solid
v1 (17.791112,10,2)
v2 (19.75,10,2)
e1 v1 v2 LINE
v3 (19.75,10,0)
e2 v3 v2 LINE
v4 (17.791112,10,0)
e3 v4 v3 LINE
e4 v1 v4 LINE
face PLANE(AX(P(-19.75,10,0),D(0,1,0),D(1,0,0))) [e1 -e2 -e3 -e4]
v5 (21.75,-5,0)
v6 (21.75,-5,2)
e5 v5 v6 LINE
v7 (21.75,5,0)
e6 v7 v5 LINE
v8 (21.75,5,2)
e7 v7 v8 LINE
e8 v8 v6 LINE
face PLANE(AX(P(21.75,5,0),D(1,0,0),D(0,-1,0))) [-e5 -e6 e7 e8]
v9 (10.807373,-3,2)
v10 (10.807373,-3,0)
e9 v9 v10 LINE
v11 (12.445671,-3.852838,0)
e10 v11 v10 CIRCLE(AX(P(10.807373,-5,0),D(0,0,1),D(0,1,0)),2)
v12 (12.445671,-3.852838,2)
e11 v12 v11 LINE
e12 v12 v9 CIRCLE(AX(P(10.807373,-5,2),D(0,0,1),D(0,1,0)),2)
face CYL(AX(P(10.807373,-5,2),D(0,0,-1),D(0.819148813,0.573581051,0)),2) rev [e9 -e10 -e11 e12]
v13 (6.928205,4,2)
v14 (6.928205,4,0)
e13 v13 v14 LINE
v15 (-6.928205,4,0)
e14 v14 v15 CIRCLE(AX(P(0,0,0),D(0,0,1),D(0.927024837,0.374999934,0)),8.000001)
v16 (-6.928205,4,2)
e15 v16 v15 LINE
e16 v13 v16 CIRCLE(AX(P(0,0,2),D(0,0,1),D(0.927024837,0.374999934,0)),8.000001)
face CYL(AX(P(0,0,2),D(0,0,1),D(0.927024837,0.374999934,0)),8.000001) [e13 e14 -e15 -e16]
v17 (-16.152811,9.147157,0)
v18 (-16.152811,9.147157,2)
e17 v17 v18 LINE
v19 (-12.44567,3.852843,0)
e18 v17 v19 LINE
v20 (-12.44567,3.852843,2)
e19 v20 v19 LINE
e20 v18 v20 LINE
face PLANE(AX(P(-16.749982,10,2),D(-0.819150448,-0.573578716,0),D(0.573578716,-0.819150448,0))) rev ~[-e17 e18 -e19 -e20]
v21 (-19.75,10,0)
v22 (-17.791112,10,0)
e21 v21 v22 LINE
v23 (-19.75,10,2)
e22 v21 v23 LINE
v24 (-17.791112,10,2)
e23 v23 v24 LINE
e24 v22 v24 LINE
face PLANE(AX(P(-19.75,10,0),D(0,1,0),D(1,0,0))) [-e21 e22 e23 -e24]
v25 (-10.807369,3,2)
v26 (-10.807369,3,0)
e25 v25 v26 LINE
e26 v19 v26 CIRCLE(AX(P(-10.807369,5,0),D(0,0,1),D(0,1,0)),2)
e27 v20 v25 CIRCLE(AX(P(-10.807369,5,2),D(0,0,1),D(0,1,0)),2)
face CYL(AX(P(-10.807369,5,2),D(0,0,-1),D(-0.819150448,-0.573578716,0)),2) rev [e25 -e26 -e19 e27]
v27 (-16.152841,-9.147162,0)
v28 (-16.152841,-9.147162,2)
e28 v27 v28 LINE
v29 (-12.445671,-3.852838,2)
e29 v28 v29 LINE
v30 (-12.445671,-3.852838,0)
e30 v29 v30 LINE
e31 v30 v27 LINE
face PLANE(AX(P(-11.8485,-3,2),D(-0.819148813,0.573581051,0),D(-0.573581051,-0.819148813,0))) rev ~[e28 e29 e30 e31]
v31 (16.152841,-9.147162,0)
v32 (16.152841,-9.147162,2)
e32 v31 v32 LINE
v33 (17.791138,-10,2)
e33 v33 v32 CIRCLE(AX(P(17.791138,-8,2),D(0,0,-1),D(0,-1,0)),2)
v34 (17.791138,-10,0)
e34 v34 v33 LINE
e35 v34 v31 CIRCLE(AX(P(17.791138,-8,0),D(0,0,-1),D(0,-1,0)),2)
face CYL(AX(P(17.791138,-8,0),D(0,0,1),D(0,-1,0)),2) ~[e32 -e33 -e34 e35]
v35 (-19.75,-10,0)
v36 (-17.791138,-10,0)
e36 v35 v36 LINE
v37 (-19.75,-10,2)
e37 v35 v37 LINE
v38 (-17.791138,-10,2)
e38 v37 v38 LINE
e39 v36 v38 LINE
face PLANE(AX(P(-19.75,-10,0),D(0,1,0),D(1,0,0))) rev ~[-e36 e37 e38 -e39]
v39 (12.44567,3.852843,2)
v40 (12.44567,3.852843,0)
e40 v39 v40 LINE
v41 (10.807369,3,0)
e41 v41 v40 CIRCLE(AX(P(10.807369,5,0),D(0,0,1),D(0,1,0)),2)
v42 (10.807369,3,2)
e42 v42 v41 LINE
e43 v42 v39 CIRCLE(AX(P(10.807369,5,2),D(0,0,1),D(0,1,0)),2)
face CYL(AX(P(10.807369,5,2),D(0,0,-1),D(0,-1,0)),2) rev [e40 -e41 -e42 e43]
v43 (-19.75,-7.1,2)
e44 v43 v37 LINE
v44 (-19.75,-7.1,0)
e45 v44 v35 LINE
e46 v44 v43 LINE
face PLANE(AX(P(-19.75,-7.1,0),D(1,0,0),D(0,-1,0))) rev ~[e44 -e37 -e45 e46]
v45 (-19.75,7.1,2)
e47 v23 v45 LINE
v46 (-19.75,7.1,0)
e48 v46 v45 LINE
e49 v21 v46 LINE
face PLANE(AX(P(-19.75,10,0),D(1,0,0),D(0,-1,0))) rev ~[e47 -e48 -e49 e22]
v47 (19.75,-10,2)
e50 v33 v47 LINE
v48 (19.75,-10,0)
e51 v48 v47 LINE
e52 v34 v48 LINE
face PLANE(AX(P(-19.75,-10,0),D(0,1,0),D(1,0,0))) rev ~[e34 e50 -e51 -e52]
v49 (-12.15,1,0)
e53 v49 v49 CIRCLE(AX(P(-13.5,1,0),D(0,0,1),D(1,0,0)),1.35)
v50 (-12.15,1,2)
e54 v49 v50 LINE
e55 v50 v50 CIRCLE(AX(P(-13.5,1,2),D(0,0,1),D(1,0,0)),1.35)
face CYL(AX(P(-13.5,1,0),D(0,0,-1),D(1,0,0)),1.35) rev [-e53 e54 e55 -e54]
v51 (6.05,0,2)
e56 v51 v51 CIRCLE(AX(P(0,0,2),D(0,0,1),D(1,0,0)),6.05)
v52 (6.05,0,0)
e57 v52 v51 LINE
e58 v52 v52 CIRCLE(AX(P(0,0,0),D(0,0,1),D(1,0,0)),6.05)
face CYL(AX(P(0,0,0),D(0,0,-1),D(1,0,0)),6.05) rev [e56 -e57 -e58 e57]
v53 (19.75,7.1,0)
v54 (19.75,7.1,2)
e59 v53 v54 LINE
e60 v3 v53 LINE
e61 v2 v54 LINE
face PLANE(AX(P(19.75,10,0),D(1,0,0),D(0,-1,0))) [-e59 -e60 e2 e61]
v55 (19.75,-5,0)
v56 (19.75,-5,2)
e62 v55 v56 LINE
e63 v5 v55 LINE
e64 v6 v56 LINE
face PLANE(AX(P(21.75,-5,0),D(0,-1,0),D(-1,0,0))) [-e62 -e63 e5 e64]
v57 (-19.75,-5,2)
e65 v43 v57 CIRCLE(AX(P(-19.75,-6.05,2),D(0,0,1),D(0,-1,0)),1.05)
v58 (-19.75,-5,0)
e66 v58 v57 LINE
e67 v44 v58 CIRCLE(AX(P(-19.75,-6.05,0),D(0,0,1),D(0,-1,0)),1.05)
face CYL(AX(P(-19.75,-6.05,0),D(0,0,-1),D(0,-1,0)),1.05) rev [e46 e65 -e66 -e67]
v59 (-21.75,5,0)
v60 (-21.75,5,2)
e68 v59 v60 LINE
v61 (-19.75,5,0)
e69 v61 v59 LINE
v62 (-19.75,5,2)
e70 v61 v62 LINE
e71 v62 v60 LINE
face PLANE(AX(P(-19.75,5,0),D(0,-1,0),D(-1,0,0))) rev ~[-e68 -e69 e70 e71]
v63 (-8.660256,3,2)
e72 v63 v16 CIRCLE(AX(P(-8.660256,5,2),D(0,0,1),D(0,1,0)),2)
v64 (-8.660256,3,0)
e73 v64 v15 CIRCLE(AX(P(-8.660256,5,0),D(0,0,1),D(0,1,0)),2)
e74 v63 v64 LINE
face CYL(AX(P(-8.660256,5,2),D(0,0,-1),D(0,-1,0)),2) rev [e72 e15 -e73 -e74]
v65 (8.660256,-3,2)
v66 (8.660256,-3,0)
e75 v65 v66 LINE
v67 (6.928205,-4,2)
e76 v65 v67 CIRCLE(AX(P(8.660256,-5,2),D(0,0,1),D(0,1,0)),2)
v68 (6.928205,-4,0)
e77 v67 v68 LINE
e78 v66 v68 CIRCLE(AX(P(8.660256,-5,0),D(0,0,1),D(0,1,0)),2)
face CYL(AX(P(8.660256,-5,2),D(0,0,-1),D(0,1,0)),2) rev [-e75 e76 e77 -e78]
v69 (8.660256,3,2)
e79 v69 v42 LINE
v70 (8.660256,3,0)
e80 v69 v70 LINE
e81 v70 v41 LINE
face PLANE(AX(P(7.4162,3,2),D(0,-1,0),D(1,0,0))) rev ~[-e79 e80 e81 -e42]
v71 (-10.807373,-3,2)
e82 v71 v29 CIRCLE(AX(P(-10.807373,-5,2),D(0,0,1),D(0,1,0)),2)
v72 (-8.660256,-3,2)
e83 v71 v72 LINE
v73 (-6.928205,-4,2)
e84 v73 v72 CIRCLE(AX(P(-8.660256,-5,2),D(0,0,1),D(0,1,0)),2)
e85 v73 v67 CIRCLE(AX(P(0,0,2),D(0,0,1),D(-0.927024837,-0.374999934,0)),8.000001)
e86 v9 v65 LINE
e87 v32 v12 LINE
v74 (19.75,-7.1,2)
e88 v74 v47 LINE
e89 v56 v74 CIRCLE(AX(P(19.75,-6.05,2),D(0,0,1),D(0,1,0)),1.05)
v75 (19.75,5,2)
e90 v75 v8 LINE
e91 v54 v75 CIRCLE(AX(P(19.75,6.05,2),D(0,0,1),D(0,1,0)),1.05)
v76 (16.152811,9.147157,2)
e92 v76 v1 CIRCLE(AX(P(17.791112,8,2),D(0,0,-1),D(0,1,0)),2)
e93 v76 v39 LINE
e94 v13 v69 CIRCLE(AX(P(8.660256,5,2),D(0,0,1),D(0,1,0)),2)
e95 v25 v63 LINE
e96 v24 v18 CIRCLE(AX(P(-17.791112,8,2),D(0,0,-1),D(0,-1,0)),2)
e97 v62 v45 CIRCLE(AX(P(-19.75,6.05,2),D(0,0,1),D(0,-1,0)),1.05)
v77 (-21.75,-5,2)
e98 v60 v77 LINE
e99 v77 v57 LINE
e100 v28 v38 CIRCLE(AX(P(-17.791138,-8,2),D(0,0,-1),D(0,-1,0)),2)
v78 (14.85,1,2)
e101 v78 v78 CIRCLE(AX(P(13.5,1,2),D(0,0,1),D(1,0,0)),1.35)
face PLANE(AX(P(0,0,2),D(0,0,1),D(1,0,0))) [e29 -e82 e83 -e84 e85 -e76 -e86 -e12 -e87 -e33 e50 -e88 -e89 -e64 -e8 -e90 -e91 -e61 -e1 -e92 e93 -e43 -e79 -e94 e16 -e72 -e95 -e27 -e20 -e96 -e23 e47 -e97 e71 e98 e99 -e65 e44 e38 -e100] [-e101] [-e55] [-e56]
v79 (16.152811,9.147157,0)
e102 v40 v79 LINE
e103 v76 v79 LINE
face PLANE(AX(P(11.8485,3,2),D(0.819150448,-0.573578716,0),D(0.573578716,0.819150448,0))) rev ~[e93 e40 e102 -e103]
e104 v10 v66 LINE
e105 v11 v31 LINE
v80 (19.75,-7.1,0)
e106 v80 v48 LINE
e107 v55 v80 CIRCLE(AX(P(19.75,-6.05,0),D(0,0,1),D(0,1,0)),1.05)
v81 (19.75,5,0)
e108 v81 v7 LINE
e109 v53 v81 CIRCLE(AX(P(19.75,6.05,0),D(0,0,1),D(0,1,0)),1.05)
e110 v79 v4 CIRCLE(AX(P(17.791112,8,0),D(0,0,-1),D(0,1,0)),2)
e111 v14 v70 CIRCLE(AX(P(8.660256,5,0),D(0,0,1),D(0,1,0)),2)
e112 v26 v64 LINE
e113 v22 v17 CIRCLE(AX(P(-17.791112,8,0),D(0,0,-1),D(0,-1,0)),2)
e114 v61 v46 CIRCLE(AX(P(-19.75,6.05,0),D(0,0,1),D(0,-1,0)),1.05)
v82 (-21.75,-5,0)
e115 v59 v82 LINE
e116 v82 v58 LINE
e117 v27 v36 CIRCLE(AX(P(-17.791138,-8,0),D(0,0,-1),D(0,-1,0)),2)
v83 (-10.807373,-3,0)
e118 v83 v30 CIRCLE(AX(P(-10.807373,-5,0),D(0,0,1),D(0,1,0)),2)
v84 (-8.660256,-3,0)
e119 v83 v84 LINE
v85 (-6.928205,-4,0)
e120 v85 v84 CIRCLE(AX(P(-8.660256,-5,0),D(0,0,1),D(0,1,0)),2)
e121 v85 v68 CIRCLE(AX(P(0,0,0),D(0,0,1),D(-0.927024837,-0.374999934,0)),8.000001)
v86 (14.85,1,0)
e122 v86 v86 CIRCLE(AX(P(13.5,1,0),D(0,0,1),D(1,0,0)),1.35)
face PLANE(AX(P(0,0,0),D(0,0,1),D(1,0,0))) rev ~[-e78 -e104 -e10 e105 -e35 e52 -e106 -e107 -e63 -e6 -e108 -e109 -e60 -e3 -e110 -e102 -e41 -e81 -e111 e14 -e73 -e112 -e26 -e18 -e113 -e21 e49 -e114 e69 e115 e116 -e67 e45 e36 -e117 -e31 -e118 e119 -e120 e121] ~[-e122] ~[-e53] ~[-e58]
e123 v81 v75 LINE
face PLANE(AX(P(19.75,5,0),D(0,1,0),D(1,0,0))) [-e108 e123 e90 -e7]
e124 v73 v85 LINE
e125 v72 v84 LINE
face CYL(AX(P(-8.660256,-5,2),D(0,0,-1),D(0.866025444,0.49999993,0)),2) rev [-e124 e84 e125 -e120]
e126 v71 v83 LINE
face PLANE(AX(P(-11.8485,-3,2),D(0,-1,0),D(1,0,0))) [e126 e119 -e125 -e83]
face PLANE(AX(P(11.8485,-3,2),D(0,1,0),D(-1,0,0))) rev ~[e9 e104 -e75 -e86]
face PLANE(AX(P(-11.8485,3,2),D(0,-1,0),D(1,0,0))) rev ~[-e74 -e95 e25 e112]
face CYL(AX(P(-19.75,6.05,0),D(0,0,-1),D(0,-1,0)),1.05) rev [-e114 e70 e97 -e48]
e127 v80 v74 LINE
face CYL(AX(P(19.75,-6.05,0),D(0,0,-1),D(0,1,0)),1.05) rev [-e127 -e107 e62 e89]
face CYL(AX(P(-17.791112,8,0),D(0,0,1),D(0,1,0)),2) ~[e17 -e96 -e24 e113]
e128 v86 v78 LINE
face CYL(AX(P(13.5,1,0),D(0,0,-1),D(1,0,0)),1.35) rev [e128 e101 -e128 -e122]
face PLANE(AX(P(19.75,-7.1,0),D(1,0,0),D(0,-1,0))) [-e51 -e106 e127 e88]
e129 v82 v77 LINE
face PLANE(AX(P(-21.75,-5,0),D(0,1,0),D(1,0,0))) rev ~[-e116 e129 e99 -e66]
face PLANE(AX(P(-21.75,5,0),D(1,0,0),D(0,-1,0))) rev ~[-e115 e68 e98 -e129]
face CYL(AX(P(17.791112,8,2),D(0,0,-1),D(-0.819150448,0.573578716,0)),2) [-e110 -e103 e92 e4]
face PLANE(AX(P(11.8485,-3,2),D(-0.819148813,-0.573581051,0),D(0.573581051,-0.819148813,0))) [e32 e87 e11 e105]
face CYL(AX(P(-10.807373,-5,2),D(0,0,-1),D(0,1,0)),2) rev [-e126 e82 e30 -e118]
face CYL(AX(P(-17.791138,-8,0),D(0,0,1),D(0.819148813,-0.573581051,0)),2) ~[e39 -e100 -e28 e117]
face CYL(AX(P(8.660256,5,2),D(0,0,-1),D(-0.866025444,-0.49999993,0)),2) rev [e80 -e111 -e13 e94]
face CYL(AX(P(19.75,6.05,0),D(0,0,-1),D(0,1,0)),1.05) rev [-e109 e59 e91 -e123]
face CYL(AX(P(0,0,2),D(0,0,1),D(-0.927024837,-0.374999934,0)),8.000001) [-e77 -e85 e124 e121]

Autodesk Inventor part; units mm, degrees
ref_plane "YZ Plane" through (0, 0, 0) normal (1, 0, 0) x (0, 1, 0)
ref_plane "XZ Plane" through (0, 0, 0) normal (0, 1, 0) x (-1, 0, 0)
ref_plane "XY Plane" through (0, 0, 0) normal (0, 0, 1) x (1, 0, 0)
sketch "スケッチ1" plane through (0, 0, 0) normal (0, 0, 1) x (1, 0, 0)
  circle A0 centre (0, 0) radius 10.5 construction
  circle A1 centre (-13.5, 1) radius 1.35
  line L0 (-13.5, 28) -> (13.5, 28) construction
  line L1 (13.5, 28) -> (13.5, 1) construction
  line L2 (13.5, 1) -> (-13.5, 1) construction
  line L3 (-13.5, 1) -> (-13.5, 28) construction
  circle A2 centre (-13.5, 28) radius 1.35
  circle A3 centre (13.5, 1) radius 1.35
  circle A4 centre (13.5, 28) radius 1.35
  line L4 (-19.75, 10) -> (-19.75, 7.1)
  line L5 (-19.75, 10) -> (19.75, 10)
  line L6 (19.75, 10) -> (19.75, 7.1)
  line L7 (-19.75, -7.1) -> (-19.75, -10)
  line L8 (-19.75, -10) -> (19.75, -10)
  line L9 (19.75, -7.1) -> (19.75, -10)
  line L10 (-19.75, 5) -> (-21.75, 5)
  line L11 (-21.75, 5) -> (-21.75, -5)
  line L12 (-21.75, -5) -> (-19.75, -5)
  arc A5 (-19.75, 5) -> (-19.75, 7.1) centre (-19.75, 6.05) ccw
  arc A6 (-19.75, -7.1) -> (-19.75, -5) centre (-19.75, -6.05) ccw
  line L13 (19.75, 5) -> (21.75, 5)
  line L14 (21.75, 5) -> (21.75, -5)
  line L15 (21.75, -5) -> (19.75, -5)
  arc A7 (19.75, 7.1) -> (19.75, 5) centre (19.75, 6.05) ccw
  line L16 (0, 28) -> (0, 0) construction
  arc A8 (19.75, -5) -> (19.75, -7.1) centre (19.75, -6.05) ccw
  line L17 (-21.75, 0) -> (21.75, 0) construction
  circle A9 centre (0, 0) radius 6.05
  point P0 (0, 10)
  dimension "d8" = 21
  dimension "d10" = 27
  dimension "d12" = 1
  dimension "d13" = 2.7
  dimension "d38" = 27
  dimension "d44" = 27
  dimension "d47" = 1.05
  dimension "d48" = 39.5
  dimension "d49" = 2
  dimension "d50" = 10
  dimension "d51" = 5
  dimension "d52" = 12.1
extrude "押し出し1" add sketch "スケッチ1" along normal blind 2 contours L5 L6 A7 L13 L14 L15 A8 L9 L8 L7 A6 L12 L11 L10 A5 L4
sketch "スケッチ2" plane through (0, 0, 2) normal (0, 0, 1) x (1, 0, 0)
  circle A0 centre (0, 0) radius 6.05 projected
  circle A1 centre (-13.5, 1) radius 1.35 projected
  line L0 (-19.75, -10) -> (19.75, -10) projected
  line L1 (19.75, 10) -> (-19.75, 10) projected
  line L2 (-11.8485, 3) -> (-7.4162, 3)
  arc A2 (7.4162, 3) -> (-7.4162, 3) centre (0, 0) ccw
  line L3 (7.4162, 3) -> (11.8485, 3)
  line L4 (-18.4641, 12.448) -> (18.4641, 12.448)
  line L5 (-18.4641, 12.448) -> (-11.8485, 3)
  line L6 (11.8485, 3) -> (18.4641, 12.448)
  line L7 (-11.8485, -3) -> (-7.4162, -3)
  line L8 (-11.8485, -3) -> (-24.333, -20.8295)
  line L9 (-24.333, -20.8295) -> (24.333, -20.8295)
  line L10 (11.8485, -3) -> (7.4162, -3)
  line L11 (11.8485, -3) -> (24.333, -20.8295)
  arc A3 (-7.4162, -3) -> (7.4162, -3) centre (0, 0) ccw
  line L12 (-21.75, 5) -> (-21.75, -5) projected
  line L13 (-16.75, 10) -> (-19.75, 10) construction
  line L14 (0, 0) -> (-21.75, 0) construction
  line L15 (-19.75, -10) -> (-16.75, -10) construction
  line L16 (-19.75, -10) -> (19.75, -10) construction
  line L17 (0, 0) -> (0, 10) construction
  line L18 (19.75, 10) -> (16.75, 10) construction
  line L19 (19.75, -10) -> (16.75, -10) construction
  circle A4 centre (-13.5, 1) radius 2.5 construction
  dimension "d57" = 8
  dimension "d58" = 3
  dimension "d60" = 6
  dimension "d64" = 3
  dimension "d65" = 5
extrude "押し出し2" cut sketch "スケッチ2" against normal blind 10 contours L8 L7 A3 L10 L11 L0 | L0 L11 L9 L8 | L6 L3 A2 L2 L5 L1 | L1 L5 L4 L6
fillet "フィレット1" radius 2 12 edges at (-11.8485, 3, 1) (-7.4162, 3, 1) (7.4162, 3, 1) (11.8485, -3, 1) (7.4162, -3, 1) (-7.4162, -3, 1) (-11.8485, -3, 1) (-16.75, -10, 1) (-16.75, 10, 1) (16.75, 10, 1) (16.75, -10, 1) (11.8485, 3, 1)
equation "\"d38\" = d10"
equation "\"d44\" = d10"
equation "\"d50\" = d11"
equation "\"d51\" = d28"
equation "\"d60\" = 2 * d58"
equation "\"d11\" = 10"
equation "\"d28\" = 5"
properties part number "付け根_サブフレーム_1_2" material "アルミニウム 2014-T4"
